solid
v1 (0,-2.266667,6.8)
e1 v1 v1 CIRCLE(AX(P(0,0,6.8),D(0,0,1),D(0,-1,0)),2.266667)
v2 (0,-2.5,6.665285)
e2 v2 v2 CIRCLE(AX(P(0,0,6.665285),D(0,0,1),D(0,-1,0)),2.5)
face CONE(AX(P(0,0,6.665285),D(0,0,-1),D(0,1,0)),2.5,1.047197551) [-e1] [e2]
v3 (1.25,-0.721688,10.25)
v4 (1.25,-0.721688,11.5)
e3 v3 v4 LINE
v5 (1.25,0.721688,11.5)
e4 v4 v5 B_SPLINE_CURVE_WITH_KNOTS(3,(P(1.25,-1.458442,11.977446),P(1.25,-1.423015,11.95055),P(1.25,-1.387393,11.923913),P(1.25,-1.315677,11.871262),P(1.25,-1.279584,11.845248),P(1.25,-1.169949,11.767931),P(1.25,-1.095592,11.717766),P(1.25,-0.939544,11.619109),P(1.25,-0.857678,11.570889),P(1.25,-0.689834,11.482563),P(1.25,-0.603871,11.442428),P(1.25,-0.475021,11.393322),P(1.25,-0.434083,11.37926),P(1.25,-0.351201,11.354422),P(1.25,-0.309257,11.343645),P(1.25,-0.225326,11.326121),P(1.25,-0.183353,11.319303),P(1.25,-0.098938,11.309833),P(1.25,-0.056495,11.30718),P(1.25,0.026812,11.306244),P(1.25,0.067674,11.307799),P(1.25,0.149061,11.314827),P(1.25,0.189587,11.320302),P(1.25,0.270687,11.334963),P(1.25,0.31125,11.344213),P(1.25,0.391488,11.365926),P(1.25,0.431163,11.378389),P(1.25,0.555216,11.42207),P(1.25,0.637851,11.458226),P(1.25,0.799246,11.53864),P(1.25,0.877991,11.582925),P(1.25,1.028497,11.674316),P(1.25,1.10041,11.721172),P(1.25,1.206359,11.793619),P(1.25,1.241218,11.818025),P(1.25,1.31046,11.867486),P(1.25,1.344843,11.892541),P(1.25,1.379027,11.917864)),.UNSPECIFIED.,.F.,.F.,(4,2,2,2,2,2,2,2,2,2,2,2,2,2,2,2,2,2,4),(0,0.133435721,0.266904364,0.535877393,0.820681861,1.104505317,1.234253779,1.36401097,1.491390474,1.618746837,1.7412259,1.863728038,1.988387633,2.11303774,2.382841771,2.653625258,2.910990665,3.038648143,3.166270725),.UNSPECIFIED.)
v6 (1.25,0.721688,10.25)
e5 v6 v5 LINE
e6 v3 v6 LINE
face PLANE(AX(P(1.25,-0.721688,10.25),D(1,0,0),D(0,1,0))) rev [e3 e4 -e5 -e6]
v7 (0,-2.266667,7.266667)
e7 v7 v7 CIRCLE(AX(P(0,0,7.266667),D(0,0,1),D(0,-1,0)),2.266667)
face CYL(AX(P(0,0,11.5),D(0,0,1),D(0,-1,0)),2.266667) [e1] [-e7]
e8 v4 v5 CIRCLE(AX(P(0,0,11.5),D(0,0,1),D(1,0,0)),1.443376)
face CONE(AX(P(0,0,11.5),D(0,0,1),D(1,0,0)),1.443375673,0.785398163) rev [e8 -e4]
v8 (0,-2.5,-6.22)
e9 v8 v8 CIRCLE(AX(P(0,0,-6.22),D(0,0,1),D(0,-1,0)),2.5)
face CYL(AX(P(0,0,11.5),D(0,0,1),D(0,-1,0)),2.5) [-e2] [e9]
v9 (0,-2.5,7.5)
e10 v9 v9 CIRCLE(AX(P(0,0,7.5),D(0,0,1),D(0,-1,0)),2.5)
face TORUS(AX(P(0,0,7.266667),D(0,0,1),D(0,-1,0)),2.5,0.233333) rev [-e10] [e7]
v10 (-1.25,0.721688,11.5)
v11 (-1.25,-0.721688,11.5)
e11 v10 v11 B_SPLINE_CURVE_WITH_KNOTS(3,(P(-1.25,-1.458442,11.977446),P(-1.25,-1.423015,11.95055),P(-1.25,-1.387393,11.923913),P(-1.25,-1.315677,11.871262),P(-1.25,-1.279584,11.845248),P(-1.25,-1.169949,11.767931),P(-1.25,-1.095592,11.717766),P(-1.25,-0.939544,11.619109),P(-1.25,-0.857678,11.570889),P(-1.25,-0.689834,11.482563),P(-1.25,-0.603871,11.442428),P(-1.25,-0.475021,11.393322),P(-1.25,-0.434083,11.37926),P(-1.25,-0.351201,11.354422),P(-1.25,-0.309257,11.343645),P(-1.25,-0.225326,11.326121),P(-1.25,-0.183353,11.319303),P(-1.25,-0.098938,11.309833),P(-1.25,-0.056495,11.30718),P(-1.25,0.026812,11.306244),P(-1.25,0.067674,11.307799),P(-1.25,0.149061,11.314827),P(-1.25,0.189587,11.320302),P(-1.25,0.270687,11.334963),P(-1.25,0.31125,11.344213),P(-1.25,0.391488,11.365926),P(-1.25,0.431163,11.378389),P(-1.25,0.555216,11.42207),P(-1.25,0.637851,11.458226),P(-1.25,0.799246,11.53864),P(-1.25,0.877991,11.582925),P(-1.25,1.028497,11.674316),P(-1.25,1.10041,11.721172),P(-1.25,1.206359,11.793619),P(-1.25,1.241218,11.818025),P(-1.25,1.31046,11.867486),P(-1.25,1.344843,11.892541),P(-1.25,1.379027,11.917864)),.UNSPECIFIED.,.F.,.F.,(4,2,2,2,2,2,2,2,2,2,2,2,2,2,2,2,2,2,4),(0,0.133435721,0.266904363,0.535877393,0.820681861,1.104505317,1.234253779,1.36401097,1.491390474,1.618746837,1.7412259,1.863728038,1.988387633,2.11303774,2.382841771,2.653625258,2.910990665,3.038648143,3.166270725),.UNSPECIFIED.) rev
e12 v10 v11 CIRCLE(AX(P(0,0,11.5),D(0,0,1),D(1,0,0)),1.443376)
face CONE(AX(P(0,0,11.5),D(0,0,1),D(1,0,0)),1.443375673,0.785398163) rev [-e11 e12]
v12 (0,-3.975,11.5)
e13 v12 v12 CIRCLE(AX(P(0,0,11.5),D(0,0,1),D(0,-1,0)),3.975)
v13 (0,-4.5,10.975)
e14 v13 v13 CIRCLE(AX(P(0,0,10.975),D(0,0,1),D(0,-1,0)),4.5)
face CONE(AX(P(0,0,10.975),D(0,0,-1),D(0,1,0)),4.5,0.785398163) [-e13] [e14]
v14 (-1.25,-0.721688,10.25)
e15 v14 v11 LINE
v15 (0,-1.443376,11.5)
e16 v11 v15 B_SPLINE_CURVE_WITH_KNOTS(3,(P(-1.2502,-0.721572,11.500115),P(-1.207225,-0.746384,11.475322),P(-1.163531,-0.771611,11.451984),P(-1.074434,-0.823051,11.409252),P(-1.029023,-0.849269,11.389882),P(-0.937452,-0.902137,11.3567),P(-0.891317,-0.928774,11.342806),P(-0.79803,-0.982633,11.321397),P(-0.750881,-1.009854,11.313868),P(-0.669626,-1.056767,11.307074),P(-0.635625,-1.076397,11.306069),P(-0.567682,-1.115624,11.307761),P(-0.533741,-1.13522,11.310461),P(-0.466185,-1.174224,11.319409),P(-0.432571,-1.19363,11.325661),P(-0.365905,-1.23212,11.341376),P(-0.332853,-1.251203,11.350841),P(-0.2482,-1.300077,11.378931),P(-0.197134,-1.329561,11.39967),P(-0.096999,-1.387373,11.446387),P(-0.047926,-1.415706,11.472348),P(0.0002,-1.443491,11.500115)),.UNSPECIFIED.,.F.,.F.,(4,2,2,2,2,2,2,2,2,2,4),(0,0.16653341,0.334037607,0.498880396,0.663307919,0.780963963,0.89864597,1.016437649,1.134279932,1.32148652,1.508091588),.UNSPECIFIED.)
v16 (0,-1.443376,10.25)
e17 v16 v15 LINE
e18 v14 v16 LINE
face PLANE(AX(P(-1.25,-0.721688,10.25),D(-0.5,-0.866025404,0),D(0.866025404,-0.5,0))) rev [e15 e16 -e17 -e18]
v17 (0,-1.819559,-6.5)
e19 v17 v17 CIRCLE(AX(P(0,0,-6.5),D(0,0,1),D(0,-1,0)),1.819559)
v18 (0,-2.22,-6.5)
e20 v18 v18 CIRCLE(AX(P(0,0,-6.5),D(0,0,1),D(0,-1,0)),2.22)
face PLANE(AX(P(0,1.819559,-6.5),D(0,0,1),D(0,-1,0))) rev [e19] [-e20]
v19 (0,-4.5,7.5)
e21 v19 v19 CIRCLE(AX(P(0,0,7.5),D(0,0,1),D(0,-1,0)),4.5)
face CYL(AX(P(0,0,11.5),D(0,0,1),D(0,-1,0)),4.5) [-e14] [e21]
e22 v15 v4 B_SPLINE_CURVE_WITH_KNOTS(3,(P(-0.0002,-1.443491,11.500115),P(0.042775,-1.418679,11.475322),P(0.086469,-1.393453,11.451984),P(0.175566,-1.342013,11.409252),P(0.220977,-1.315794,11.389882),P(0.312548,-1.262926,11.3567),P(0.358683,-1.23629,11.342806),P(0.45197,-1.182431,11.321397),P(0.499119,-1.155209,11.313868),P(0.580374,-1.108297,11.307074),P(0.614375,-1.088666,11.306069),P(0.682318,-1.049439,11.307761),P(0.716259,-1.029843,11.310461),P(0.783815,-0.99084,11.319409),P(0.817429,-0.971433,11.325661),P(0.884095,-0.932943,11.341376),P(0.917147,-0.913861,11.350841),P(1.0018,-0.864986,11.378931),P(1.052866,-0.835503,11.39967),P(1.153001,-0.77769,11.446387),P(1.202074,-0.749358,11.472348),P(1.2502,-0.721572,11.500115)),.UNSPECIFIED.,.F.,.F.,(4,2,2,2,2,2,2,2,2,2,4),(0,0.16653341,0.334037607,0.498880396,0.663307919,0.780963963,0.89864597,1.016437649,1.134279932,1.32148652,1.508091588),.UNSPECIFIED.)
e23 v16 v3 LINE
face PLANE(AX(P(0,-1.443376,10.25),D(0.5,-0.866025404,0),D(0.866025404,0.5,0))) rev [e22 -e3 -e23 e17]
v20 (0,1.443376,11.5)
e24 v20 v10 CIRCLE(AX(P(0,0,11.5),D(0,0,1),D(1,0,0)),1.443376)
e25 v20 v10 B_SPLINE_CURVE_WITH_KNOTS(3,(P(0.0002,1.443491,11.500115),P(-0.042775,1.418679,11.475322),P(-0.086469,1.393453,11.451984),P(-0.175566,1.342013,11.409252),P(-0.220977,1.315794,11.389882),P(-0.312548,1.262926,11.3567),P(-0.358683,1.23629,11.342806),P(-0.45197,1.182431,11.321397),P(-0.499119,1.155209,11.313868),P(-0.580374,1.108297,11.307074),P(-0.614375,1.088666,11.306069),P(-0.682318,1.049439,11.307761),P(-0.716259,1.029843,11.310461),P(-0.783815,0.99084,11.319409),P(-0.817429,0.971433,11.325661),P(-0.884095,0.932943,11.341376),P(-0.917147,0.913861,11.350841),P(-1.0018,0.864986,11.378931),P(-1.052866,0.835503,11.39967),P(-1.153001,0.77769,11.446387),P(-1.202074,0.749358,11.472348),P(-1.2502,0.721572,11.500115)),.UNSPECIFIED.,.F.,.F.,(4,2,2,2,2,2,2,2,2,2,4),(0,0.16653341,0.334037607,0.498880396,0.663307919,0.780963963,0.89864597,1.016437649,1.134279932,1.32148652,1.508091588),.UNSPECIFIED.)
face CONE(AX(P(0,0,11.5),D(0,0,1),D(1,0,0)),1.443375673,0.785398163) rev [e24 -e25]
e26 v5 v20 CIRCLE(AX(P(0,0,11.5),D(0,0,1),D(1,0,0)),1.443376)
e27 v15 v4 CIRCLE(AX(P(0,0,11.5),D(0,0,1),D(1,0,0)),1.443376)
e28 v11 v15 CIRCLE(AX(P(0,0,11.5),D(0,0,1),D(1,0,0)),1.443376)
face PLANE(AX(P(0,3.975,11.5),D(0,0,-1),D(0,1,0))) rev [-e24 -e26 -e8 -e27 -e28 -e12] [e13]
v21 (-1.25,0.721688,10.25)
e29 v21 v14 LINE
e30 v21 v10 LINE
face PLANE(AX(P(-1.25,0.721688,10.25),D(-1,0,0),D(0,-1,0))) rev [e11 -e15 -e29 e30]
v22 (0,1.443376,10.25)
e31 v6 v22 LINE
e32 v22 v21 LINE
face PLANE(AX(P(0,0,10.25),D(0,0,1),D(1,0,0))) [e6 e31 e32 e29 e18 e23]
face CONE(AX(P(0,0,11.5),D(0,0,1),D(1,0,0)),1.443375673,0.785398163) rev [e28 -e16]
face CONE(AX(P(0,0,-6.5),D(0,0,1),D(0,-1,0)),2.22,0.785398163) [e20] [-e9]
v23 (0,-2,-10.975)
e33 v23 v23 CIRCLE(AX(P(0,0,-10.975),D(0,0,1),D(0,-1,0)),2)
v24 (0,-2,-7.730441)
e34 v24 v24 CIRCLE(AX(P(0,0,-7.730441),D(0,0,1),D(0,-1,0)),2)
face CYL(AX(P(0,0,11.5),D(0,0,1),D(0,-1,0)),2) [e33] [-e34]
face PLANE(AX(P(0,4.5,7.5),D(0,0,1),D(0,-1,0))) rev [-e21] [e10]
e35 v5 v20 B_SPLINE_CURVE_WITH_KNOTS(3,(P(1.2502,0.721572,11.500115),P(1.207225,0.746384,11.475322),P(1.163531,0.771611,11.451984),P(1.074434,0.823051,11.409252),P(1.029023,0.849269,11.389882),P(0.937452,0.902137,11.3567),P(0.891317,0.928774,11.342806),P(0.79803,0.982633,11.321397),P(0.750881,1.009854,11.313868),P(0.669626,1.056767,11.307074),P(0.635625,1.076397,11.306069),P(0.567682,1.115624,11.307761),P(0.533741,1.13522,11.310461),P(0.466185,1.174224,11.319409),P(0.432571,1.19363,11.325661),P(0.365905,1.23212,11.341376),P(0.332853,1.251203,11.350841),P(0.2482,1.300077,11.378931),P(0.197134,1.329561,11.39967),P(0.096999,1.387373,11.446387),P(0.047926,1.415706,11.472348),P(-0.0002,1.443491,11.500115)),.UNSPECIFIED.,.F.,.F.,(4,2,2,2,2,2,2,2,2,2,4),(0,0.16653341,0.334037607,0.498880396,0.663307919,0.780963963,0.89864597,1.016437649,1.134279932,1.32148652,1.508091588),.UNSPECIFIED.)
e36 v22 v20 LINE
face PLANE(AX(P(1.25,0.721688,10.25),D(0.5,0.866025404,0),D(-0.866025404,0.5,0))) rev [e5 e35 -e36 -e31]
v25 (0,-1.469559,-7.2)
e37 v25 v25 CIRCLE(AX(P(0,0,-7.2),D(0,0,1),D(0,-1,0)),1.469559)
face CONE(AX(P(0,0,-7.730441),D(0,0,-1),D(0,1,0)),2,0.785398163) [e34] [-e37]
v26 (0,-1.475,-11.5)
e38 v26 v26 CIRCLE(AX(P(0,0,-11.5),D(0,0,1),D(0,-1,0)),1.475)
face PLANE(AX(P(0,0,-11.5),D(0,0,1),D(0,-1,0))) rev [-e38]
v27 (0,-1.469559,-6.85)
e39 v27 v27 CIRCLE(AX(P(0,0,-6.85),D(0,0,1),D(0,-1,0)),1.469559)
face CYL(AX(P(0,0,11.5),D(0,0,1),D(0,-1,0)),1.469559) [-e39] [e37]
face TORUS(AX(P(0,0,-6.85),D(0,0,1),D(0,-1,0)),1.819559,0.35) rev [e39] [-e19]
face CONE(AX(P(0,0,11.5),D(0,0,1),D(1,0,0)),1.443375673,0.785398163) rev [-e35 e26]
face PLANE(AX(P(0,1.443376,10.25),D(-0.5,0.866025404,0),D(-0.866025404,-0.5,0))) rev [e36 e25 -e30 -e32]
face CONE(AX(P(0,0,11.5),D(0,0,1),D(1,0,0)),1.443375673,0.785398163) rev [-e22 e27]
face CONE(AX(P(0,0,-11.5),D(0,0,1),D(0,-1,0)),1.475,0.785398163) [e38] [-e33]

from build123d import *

# Parameters (mm, degrees)
CUT_EXTRUDE1_DEPTH = 1.25
SKETCH4_R          = 1.443375673
CUT_EXTRUDE2_DEPTH = 1.25
CUT_EXTRUDE2_DRAFT = -45


with BuildPart() as part:
    # Sketch2 → Revolve1 (revolve)
    with BuildSketch(Plane(origin=(0, 0, 0), x_dir=(0, 0, -1), z_dir=(1, 0, 0))):
        with BuildLine():
            Line((11.5, 0), (11.5, 1.475))
            Line((11.5, 1.475), (10.975, 2))
            Line((10.975, 2), (7.73044056, 2))
            Line((7.73044056, 2), (7.2, 1.46955944))
            Line((7.2, 1.46955944), (6.85, 1.46955944))
            ThreePointArc((6.85, 1.46955944), (6.602512627, 1.572072067), (6.5, 1.81955944))
            Line((6.5, 1.81955944), (6.5, 2.22))
            Line((6.5, 2.22), (6.22, 2.5))
            Line((6.22, 2.5), (-6.665284937, 2.5))
            Line((-6.665284937, 2.5), (-6.8, 2.266666667))
            Line((-6.8, 2.266666667), (-7.266666667, 2.266666667))
            ThreePointArc((-7.266666667, 2.266666667), (-7.431658249, 2.335008418), (-7.5, 2.5))
            Line((-7.5, 2.5), (-7.5, 4.5))
            Line((-7.5, 4.5), (-10.975, 4.5))
            Line((-10.975, 4.5), (-11.5, 3.975))
            Line((-11.5, 3.975), (-11.5, 0))
            Line((-11.5, 0), (11.5, 0))
        make_face()
    revolve(axis=Axis((0, 0, 11.5), (0, 0, -1)))

    # Sketch3 → Cut-Extrude1 (cut)
    with BuildSketch(Plane.XY.offset(11.5)):
        Polygon((0, 1.443375673), (-1.25, 0.721687836), (-1.25, -0.721687836), (0, -1.443375673), (1.25, -0.721687836), (1.25, 0.721687836), align=None)
    extrude(amount=-CUT_EXTRUDE1_DEPTH, mode=Mode.SUBTRACT)


with BuildPart() as cut_extrude2_tool:
    # Sketch4 → Cut-Extrude2 (with draft: the straight prism first)
    with BuildSketch(Plane.XY.offset(11.5)):
        Circle(SKETCH4_R)
    extrude(amount=-CUT_EXTRUDE2_DEPTH)
    # Cut-Extrude2: the draft: its side faces are tilted about the plane it starts from
    cut_extrude2_sides = [cut_extrude2_tool.faces().sort_by_distance(p)[0] for p in [
        (-1.443375673, 0, 10.875),
    ]]
    draft(cut_extrude2_sides, Plane.XY.offset(11.5), CUT_EXTRUDE2_DRAFT)


with BuildPart() as part_1:
    add(part.part)

    # Cut-Extrude2: cut by cut_extrude2_tool
    add(cut_extrude2_tool.part, mode=Mode.SUBTRACT)


solid = part_1.part
